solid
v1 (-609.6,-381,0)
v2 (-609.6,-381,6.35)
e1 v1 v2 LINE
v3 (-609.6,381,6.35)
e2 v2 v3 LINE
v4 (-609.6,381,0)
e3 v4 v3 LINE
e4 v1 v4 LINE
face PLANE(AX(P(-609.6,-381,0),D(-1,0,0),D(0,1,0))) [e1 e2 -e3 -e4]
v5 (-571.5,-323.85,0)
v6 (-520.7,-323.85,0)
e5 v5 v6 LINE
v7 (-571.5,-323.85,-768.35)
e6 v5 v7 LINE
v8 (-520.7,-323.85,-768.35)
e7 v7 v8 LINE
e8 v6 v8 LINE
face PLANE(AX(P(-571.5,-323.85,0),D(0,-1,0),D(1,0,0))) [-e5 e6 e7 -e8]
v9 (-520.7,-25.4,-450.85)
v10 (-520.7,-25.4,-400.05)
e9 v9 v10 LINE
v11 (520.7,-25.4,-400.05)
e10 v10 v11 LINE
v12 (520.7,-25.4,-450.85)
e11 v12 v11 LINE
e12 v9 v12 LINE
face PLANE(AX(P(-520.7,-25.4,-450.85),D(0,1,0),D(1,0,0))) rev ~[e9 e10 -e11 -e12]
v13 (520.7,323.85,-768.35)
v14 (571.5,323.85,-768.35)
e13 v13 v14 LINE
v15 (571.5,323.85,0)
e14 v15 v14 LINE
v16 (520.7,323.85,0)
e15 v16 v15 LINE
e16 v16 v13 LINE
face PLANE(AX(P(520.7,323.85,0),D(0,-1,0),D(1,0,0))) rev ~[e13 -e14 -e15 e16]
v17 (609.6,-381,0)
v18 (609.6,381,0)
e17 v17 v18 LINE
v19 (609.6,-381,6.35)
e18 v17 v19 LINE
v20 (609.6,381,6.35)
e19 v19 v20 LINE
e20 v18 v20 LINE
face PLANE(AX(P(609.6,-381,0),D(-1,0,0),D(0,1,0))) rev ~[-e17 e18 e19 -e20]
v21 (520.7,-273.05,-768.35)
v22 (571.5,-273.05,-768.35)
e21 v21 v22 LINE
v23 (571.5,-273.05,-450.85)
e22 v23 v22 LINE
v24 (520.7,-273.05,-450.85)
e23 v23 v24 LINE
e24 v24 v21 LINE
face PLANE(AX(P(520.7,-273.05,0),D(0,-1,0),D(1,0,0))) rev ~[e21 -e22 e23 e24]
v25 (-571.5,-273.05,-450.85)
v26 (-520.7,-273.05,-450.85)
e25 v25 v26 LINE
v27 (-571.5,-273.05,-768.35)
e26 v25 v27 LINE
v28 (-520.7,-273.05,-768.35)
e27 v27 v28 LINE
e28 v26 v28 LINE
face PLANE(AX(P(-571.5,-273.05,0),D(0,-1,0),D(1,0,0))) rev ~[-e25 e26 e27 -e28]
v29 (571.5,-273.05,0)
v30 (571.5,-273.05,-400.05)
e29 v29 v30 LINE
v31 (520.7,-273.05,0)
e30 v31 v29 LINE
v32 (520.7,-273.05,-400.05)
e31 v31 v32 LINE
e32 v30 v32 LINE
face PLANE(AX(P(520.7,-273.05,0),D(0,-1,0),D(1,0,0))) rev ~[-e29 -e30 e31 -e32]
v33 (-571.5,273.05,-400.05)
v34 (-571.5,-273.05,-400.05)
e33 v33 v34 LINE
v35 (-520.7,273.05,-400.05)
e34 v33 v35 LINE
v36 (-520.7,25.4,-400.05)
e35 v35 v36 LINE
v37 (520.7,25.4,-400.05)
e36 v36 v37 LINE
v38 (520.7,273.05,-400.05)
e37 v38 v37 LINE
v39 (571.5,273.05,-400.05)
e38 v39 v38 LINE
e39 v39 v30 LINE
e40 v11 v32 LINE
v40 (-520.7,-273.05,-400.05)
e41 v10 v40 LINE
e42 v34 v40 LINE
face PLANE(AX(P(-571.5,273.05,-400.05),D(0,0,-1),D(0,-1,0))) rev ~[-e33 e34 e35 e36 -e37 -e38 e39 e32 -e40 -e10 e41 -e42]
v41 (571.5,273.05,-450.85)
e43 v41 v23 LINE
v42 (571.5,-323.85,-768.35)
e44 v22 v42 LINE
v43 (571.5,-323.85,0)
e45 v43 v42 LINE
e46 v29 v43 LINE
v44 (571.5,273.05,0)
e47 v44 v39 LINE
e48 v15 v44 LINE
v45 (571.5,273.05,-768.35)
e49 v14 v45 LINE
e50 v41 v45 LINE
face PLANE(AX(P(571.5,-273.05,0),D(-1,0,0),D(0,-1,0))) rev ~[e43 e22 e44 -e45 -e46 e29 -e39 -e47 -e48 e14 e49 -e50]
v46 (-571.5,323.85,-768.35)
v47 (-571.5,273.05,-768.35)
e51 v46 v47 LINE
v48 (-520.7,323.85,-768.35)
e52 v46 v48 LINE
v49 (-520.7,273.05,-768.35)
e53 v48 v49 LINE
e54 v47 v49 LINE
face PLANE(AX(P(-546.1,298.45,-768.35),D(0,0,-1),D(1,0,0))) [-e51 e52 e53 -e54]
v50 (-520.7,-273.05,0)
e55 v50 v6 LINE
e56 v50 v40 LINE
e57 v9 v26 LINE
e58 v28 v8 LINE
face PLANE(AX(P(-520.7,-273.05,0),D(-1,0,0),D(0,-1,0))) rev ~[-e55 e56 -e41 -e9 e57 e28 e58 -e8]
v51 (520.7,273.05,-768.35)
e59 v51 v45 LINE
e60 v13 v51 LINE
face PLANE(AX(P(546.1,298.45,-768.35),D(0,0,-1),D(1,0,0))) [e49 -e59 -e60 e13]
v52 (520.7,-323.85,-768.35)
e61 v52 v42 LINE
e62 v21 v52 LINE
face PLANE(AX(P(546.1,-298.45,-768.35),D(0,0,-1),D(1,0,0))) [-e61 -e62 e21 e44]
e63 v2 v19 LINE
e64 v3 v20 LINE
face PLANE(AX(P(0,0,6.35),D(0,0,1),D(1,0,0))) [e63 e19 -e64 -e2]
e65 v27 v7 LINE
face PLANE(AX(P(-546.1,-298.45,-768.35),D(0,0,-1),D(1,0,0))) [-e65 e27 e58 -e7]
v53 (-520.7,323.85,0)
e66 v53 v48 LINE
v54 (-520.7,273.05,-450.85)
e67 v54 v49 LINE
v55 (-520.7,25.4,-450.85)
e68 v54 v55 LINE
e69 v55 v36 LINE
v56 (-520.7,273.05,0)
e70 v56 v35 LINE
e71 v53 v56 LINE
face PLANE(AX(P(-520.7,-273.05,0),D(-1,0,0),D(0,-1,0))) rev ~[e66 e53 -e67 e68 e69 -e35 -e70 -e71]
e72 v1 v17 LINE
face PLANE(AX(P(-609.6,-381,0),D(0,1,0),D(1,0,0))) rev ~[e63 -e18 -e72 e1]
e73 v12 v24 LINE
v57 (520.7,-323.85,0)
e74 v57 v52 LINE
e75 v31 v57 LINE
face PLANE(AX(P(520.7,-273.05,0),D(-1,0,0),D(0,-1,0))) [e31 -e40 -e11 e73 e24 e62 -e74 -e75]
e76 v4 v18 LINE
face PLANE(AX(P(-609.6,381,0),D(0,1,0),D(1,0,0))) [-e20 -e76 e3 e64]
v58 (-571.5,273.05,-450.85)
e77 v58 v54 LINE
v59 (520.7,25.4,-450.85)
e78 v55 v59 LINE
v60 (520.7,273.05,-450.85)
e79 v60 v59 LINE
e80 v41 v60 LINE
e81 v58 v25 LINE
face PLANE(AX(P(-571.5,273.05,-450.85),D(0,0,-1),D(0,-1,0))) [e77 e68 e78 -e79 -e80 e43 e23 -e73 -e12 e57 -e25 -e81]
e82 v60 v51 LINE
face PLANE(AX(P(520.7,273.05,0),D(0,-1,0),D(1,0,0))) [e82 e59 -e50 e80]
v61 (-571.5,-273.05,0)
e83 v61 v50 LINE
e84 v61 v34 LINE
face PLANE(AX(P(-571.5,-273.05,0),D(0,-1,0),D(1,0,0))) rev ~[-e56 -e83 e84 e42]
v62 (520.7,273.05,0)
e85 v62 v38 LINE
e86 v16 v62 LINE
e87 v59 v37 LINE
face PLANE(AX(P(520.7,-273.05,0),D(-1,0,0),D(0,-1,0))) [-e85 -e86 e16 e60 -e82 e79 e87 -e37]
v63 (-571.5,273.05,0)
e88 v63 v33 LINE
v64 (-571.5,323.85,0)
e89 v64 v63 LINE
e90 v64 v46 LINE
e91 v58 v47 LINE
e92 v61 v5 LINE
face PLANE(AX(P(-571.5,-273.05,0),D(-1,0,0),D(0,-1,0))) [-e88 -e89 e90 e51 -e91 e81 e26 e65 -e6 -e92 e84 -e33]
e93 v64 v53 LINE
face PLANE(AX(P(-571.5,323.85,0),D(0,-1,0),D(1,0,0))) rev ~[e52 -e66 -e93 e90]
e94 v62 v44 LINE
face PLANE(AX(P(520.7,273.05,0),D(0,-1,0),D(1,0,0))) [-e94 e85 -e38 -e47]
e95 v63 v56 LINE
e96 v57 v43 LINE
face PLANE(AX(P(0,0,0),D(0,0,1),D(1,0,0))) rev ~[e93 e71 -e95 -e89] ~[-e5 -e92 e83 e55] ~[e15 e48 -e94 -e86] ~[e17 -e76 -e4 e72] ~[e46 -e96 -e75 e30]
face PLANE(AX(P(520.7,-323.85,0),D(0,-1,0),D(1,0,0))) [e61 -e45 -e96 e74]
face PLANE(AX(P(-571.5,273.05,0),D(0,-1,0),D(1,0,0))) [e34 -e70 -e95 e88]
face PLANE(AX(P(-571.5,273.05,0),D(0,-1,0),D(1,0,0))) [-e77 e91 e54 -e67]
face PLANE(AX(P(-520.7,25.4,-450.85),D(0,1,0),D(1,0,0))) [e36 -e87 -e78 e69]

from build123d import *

# Parameters (mm, degrees)
F0_W     = 1219.2
F0_H     = 762
F1_DEPTH = 6.35
F2_W     = 50.8
F2_H     = 50.8
F3_DEPTH = 768.35
F4_W     = 546.1
F4_H     = 50.8
F5_DEPTH = 50.8
F7_W     = 1041.4
F7_H     = 50.8
F8_DEPTH = 50.8


with BuildPart() as f1:
    # F0 (on Top) → F1 (new body)
    with BuildSketch(Plane.XY):
        Rectangle(F0_W, F0_H)
    extrude(amount=F1_DEPTH)

    # F2 (on face) → F3 (join)
    with BuildSketch(Plane(origin=(0, 0, 0), x_dir=(1, 0, 0), z_dir=(0, 0, -1))):
        with Locations((546.1, -298.45)):
            Rectangle(F2_W, F2_H)
        with Locations((-546.1, -298.45)):
            Rectangle(F2_W, F2_H)
        with Locations((546.1, 298.45)):
            Rectangle(F2_W, F2_H)
        with Locations((-546.1, 298.45)):
            Rectangle(F2_W, F2_H)
    extrude(amount=F3_DEPTH)

    # F4 (on face) → F5 (join)
    with BuildSketch(Plane(origin=(-571.5, 0, 0), x_dir=(0, -1, 0), z_dir=(-1, 0, 0))):
        with Locations((0, -425.45)):
            Rectangle(F4_W, F4_H)
    extrude(amount=-F5_DEPTH)

    # F6: F1 across plane


with BuildPart() as f1_1:
    add(f1.part)
    add(f1.part.mirror(Plane.YZ))

    # F7 (on face) → F8 (join, through all)
    with BuildSketch(Plane(origin=(0, 0, -450.85), x_dir=(1, 0, 0), z_dir=(0, 0, -1))):
        Rectangle(F7_W, F7_H)
    extrude(amount=-F8_DEPTH)


solid = f1_1.part
